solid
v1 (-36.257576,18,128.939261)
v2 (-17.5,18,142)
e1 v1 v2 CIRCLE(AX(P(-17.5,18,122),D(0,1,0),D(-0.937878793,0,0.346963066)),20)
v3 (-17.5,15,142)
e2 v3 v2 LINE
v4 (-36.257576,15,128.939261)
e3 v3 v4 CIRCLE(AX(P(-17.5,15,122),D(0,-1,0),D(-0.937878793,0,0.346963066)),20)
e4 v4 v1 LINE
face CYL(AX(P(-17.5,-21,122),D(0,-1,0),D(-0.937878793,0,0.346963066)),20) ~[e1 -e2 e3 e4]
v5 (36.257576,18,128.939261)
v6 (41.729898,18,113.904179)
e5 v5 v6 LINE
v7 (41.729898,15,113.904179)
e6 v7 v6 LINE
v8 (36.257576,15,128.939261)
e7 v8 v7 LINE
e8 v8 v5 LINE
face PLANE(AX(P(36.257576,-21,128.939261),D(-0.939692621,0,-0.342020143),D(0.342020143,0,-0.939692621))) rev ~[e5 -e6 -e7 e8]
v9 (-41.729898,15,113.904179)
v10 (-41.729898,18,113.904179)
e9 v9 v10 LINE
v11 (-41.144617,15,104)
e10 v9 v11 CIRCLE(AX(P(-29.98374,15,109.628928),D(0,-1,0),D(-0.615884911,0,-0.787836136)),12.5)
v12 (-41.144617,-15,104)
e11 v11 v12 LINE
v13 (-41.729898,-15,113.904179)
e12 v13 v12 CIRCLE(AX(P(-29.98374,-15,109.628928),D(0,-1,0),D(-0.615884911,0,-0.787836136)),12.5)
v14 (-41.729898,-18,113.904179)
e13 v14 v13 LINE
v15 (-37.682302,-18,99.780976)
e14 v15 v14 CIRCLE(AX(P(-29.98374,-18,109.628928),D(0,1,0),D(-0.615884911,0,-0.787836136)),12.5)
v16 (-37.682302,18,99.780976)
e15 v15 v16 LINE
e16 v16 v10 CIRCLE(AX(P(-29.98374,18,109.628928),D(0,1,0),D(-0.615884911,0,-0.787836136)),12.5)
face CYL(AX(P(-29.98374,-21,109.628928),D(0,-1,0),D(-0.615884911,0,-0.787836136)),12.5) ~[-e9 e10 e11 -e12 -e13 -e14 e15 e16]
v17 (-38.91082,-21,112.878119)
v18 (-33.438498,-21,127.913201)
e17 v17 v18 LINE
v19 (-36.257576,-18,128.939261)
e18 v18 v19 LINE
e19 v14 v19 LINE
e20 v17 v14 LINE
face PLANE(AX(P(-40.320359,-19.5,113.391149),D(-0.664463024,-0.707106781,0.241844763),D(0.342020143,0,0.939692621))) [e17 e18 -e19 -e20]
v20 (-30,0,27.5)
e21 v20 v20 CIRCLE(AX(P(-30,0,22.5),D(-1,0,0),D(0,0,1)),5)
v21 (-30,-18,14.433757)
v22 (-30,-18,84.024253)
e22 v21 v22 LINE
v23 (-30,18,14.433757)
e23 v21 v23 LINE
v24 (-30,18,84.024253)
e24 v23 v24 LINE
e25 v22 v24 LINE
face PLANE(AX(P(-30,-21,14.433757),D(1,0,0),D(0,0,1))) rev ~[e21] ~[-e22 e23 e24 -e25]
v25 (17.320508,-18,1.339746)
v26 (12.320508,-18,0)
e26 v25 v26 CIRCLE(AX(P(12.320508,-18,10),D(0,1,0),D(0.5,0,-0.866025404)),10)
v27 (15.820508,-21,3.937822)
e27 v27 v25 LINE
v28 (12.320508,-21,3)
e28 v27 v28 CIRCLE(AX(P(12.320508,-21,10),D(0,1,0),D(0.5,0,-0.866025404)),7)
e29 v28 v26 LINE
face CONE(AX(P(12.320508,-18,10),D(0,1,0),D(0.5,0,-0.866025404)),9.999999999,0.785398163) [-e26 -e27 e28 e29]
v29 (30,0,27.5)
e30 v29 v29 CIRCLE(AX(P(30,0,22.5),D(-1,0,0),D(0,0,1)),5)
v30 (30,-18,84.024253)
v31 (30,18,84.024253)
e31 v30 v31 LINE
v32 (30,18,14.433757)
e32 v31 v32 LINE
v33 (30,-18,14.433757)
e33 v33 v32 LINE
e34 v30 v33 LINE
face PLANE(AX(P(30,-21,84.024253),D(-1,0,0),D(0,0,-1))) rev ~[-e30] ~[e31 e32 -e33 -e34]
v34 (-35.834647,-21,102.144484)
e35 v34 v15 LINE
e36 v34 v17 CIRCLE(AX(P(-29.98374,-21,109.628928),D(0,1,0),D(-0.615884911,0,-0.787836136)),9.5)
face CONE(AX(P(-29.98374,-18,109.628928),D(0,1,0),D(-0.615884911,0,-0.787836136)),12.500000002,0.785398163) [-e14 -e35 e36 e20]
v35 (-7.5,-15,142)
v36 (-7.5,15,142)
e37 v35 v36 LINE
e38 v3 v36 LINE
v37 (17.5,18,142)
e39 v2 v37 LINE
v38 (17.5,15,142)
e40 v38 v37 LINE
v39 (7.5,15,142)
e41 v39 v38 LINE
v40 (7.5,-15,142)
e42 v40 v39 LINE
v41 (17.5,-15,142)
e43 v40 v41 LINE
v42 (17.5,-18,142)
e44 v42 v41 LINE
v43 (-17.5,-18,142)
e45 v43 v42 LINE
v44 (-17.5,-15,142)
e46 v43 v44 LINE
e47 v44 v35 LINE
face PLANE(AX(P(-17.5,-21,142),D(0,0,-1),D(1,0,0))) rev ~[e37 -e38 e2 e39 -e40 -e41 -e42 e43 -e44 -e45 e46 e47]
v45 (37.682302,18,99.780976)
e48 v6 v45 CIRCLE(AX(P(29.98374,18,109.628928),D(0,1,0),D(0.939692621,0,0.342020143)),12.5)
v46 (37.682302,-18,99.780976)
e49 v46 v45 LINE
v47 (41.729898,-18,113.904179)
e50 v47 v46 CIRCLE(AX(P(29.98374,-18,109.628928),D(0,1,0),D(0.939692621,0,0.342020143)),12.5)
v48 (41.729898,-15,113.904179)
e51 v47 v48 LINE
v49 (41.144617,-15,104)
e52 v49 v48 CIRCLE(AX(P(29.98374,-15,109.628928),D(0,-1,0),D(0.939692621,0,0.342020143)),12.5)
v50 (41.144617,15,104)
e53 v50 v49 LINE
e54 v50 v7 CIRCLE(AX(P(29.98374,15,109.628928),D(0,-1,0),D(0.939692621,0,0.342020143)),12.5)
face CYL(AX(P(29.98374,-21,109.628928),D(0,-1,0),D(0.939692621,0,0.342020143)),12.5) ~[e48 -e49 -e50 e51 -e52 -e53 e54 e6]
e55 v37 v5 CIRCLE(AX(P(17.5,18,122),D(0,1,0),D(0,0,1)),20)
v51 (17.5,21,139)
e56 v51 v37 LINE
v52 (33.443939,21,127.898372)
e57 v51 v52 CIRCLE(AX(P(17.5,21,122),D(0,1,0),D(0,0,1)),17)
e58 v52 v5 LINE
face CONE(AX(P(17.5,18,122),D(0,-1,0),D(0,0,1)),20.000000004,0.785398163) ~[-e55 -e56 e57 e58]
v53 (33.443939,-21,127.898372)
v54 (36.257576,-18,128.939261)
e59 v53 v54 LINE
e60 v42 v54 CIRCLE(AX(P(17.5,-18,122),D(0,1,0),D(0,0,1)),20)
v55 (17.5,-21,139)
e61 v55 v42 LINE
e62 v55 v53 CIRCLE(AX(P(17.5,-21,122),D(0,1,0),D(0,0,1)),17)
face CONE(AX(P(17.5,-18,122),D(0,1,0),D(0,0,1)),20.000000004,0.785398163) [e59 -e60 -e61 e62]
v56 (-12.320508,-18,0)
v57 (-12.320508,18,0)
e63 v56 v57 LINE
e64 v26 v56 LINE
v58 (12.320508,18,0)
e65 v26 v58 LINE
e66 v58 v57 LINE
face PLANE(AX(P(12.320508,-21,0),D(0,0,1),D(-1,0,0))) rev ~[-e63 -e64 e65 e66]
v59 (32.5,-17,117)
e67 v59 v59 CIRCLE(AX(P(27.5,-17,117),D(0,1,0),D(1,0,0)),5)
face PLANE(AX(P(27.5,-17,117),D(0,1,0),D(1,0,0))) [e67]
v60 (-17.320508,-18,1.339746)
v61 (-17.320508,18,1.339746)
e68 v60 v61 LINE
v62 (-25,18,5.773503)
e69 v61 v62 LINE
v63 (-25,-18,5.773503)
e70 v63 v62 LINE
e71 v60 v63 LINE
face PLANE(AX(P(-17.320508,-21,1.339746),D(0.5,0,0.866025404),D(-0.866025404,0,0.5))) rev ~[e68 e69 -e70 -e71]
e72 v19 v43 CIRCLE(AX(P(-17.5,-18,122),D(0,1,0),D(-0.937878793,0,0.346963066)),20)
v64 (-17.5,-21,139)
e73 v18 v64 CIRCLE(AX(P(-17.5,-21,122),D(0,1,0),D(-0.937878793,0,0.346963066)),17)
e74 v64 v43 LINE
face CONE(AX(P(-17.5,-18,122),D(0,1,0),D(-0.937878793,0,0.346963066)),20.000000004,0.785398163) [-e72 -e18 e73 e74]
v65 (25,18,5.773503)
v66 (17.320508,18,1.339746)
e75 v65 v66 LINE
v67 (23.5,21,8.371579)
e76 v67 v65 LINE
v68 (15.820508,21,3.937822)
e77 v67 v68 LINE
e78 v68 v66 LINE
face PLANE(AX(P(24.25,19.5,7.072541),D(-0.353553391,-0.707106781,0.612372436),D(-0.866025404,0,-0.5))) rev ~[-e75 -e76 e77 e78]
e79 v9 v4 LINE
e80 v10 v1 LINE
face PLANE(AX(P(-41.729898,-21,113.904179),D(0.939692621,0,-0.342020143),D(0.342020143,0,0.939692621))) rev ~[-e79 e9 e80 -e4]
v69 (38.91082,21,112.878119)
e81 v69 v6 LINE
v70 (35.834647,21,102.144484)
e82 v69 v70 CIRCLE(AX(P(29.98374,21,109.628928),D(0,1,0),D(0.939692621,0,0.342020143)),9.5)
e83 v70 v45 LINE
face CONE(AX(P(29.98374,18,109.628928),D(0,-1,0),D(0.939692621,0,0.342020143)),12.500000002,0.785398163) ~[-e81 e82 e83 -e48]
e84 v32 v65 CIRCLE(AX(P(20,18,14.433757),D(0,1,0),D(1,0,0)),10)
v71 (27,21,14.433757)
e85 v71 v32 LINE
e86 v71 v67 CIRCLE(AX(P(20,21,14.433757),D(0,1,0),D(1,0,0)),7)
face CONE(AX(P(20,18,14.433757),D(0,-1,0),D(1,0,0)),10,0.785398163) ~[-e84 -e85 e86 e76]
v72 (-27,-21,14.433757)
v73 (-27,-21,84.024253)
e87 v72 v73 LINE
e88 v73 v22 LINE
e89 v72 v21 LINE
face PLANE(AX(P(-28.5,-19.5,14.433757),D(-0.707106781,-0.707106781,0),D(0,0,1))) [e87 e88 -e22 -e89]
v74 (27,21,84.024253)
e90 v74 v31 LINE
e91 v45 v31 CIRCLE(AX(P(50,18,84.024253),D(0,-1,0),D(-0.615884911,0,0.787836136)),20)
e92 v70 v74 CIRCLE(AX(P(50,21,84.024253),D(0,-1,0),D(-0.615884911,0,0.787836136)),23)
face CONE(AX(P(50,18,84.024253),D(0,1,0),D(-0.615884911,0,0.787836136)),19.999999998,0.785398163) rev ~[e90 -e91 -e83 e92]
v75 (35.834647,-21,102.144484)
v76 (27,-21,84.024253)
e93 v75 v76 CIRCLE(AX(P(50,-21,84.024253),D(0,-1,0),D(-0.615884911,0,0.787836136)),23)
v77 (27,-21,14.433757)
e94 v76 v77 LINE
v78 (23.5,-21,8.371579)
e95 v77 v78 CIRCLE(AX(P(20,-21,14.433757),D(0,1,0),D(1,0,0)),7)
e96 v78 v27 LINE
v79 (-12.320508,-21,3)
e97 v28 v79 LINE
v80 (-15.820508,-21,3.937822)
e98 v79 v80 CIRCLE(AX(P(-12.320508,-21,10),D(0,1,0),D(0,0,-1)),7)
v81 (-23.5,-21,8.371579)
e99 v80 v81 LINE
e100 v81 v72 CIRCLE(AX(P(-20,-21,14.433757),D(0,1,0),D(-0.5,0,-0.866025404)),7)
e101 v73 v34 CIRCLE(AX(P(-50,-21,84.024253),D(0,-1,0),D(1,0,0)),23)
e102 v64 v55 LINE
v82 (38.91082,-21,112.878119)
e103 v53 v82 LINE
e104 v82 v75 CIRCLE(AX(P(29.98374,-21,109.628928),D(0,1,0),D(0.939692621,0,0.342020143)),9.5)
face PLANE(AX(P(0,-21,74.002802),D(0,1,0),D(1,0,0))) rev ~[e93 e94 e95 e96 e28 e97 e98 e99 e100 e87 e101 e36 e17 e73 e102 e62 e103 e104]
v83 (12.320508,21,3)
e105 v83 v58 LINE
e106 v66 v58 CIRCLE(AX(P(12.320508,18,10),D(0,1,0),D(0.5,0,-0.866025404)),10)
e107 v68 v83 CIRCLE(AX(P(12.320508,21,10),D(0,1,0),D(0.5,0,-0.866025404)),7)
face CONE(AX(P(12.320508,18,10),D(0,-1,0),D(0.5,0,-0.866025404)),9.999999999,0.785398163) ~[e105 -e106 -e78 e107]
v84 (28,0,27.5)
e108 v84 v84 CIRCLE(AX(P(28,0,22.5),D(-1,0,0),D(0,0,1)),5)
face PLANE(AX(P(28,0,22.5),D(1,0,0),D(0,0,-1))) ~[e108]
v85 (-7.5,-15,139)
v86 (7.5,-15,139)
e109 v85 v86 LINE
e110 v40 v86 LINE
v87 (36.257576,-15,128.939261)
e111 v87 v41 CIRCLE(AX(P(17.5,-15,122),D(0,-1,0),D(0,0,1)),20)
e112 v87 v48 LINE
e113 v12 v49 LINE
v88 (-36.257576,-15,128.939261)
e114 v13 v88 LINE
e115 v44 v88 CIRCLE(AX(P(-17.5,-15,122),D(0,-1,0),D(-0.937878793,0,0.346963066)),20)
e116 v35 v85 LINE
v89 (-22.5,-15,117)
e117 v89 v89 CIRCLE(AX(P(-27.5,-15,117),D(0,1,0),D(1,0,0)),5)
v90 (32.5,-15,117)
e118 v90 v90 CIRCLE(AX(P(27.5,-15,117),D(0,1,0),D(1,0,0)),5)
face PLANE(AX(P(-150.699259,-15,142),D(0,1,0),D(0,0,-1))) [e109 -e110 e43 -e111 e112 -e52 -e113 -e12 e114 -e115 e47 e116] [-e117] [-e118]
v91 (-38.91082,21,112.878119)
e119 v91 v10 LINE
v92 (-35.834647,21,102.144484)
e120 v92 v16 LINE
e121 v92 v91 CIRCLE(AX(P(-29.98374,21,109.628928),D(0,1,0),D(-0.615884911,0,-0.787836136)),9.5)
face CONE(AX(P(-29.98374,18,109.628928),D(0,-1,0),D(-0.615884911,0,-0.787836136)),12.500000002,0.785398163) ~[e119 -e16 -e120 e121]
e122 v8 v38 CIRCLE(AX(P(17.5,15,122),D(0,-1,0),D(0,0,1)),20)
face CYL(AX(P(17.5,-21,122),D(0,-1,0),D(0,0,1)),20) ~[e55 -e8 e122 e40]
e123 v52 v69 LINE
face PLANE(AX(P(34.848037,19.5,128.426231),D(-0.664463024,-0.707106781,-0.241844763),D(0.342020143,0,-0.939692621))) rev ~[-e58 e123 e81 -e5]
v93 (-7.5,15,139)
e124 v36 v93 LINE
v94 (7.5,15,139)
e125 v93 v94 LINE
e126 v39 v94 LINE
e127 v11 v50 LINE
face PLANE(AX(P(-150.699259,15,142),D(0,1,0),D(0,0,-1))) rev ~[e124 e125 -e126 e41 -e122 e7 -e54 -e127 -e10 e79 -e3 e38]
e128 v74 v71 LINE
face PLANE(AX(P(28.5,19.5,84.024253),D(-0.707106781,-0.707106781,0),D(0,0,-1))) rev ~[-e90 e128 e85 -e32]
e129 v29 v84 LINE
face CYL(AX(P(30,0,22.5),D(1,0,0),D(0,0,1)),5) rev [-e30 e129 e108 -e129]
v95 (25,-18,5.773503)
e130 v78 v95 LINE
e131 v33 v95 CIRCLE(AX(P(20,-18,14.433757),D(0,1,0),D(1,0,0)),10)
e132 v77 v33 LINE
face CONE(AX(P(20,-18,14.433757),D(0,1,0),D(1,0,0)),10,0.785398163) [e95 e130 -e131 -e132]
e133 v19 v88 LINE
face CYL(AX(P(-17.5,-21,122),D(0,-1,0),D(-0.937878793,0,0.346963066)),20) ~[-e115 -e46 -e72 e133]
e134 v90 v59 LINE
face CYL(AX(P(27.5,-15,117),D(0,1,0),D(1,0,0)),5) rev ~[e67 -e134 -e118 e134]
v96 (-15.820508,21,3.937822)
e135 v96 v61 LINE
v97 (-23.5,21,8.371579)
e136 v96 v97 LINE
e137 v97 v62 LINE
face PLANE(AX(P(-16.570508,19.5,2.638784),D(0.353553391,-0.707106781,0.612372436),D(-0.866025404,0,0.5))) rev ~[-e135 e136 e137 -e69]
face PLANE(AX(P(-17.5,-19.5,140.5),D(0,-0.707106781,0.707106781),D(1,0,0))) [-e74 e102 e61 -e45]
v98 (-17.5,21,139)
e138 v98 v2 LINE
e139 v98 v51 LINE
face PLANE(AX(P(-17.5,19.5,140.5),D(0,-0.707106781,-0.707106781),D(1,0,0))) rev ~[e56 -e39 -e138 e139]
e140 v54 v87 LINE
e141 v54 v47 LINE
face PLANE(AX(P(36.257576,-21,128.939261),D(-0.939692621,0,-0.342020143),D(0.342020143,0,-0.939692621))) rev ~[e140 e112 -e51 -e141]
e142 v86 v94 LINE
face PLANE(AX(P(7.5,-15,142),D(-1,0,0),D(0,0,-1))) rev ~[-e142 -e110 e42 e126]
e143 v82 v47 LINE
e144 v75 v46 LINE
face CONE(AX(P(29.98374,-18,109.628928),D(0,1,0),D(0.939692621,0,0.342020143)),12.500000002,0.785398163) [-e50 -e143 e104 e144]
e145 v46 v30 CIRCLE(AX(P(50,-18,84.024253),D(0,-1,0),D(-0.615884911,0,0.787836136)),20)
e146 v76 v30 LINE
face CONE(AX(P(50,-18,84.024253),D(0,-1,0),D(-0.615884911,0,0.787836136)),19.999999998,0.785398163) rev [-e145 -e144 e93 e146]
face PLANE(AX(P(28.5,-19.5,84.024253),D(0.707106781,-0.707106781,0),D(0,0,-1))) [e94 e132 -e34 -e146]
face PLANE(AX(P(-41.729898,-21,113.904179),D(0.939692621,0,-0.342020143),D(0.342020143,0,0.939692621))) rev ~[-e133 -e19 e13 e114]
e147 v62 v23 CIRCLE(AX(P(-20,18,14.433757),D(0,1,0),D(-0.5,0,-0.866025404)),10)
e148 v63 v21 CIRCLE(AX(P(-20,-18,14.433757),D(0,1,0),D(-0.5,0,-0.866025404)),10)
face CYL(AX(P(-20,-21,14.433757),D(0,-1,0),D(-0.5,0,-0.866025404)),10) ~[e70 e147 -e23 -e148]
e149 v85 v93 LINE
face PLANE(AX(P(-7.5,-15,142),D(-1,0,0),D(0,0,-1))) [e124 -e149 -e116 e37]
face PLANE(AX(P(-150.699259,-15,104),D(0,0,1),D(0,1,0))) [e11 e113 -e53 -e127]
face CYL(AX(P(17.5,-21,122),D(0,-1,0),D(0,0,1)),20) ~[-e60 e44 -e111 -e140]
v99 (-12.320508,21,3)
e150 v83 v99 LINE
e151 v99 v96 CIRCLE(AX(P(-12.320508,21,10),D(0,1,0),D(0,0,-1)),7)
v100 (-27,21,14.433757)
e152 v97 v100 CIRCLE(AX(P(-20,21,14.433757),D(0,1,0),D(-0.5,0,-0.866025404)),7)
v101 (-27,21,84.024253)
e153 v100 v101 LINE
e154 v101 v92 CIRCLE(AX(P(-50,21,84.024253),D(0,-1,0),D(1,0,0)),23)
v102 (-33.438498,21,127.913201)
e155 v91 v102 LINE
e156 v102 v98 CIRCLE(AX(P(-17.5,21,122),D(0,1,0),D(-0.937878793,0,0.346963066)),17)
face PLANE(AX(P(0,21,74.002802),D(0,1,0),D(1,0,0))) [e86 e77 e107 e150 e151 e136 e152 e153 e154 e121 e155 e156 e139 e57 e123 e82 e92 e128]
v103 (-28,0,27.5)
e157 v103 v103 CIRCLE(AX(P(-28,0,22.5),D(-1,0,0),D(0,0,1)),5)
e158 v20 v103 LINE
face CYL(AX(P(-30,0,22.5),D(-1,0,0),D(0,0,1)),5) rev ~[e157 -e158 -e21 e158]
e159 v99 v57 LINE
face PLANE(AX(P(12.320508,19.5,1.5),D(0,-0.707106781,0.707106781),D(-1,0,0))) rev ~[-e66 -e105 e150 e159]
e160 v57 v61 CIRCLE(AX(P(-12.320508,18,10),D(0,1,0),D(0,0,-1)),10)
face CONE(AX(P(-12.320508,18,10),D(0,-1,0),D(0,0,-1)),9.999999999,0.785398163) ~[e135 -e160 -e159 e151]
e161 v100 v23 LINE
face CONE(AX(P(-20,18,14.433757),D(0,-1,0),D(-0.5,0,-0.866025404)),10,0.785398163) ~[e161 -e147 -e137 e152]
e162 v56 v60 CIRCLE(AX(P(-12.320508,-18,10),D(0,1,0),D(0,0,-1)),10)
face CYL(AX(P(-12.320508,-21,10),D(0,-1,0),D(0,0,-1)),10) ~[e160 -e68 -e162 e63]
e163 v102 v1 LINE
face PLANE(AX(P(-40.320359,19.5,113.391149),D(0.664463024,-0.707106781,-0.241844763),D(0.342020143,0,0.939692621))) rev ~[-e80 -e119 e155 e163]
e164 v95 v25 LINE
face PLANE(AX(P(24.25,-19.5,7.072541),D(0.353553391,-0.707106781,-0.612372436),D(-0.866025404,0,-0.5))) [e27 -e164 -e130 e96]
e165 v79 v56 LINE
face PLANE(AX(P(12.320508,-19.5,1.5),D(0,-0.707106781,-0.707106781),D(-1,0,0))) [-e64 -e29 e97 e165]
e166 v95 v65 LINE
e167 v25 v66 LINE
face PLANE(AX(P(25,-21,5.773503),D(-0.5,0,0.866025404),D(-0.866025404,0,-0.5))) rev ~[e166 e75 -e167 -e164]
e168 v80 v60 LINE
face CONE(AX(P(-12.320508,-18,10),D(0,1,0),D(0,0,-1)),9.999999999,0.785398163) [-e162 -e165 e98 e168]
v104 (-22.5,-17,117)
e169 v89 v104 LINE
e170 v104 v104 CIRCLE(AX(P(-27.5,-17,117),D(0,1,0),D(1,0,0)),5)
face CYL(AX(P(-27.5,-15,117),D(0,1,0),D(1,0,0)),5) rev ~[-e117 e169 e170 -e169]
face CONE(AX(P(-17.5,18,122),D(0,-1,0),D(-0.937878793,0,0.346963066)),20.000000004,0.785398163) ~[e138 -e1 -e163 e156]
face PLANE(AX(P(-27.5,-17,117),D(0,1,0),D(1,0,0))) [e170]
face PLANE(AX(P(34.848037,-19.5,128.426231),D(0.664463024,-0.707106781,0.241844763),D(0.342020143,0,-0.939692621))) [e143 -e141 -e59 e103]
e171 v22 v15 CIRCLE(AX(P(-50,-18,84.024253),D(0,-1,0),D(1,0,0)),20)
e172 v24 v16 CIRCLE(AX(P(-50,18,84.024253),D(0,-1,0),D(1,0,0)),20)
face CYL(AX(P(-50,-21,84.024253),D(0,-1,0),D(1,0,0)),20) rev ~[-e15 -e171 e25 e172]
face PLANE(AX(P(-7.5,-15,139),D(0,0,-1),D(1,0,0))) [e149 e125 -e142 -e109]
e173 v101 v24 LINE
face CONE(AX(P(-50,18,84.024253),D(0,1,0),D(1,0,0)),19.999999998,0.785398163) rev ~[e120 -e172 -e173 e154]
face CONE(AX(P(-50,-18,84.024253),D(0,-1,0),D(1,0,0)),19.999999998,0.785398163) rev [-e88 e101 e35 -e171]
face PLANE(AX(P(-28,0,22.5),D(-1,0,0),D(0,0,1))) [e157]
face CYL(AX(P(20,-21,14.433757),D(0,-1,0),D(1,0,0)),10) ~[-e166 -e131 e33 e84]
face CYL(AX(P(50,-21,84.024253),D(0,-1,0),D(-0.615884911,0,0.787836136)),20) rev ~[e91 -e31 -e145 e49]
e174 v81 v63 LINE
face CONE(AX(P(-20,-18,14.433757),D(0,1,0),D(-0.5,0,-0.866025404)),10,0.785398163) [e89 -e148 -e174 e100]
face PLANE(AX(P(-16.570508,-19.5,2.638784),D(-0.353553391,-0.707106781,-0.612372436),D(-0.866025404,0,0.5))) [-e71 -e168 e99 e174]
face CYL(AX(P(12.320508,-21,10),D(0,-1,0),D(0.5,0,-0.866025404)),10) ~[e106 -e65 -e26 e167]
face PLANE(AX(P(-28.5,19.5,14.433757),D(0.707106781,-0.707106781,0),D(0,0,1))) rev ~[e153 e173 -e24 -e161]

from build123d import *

# Parameters (mm, degrees)
BOSS_EXTRUDE1_DEPTH      = 21
BOSS_EXTRUDE1_DEPTH_BACK = 21
CUT_EXTRUDE2_DEPTH       = 150.699259177
CUT_EXTRUDE2_DEPTH_BACK  = 150.699259177
SKETCH3_W                = 38
SKETCH3_H                = 30
CHAMFER1_SIZE            = 3
BOSS_EXTRUDE2_REACH      = 154.528
SKETCH4_W                = 15
SKETCH4_H                = 3
SKETCH5_R                = 5
CUT_EXTRUDE3_DEPTH       = 2
SKETCH6_R                = 5
CUT_EXTRUDE4_DEPTH       = 2


with BuildPart() as part:
    # Sketch1 → Boss-Extrude1 (new, two sides: drawn at the far end of the back side and taken through both)
    with BuildSketch(Plane(origin=(0, 0, 0), x_dir=(1, 0, 0), z_dir=(0, 1, 0)).offset(-BOSS_EXTRUDE1_DEPTH_BACK)):
        with BuildLine():
            Line((12.320508076, 0), (-12.320508076, 0))
            ThreePointArc((-12.320508076, 0), (-14.908698527, -0.340741737), (-17.320508076, -1.339745962))
            Line((-17.320508076, -1.339745962), (-25, -5.773502692))
            ThreePointArc((-25, -5.773502692), (-28.660254038, -9.43375673), (-30, -14.43375673))
            Line((-30, -14.43375673), (-30, -84.024253192))
            ThreePointArc((-30, -84.024253192), (-32.022876143, -92.789127283), (-37.682301783, -99.780975904))
            ThreePointArc((-37.682301783, -99.780975904), (-42, -106.185164374), (-41.729898157, -113.904179391))
            Line((-41.729898157, -113.904179391), (-36.257575864, -128.939261324))
            ThreePointArc((-36.257575864, -128.939261324), (-28.928358883, -138.413184128), (-17.5, -142))
            Line((-17.5, -142), (17.5, -142))
            ThreePointArc((17.5, -142), (28.928358883, -138.413184128), (36.257575864, -128.939261324))
            Line((36.257575864, -128.939261324), (41.729898157, -113.904179391))
            ThreePointArc((41.729898157, -113.904179391), (42, -106.185164374), (37.682301783, -99.780975904))
            ThreePointArc((37.682301783, -99.780975904), (32.022876143, -92.789127283), (30, -84.024253192))
            Line((30, -84.024253192), (30, -14.43375673))
            ThreePointArc((30, -14.43375673), (28.660254038, -9.43375673), (25, -5.773502692))
            Line((25, -5.773502692), (17.320508076, -1.339745962))
            ThreePointArc((17.320508076, -1.339745962), (14.908698527, -0.340741737), (12.320508076, 0))
        make_face()
    extrude(amount=BOSS_EXTRUDE1_DEPTH + BOSS_EXTRUDE1_DEPTH_BACK)

    # Sketch3 → Cut-Extrude2 (cut, two sides: drawn at the far end of the back side and taken through both)
    with BuildSketch(Plane(origin=(0, 0, 0), x_dir=(0, 0, -1), z_dir=(1, 0, 0)).offset(-CUT_EXTRUDE2_DEPTH_BACK)):
        with Locations((-123, 0)):
            Rectangle(SKETCH3_W, SKETCH3_H)
    extrude(amount=CUT_EXTRUDE2_DEPTH + CUT_EXTRUDE2_DEPTH_BACK, mode=Mode.SUBTRACT)

    # Chamfer1
    chamfer1_edges = [part.edges().sort_by_distance(p)[0] for p in [
        (-42, -21, 106.185164374),
        (-38.99373701, -21, 121.421720357),
        (-28.928358883, -21, 138.413184128),
        (0, -21, 142),
        (28.928358883, -21, 138.413184128),
        (38.99373701, -21, 121.421720357),
        (42, -21, 106.185164374),
        (32.022876143, -21, 92.789127283),
        (30, -21, 49.229004961),
        (28.660254038, -21, 9.43375673),
        (21.160254038, -21, 3.556624327),
        (14.908698527, -21, 0.340741737),
        (0, -21, 0),
        (-14.908698527, -21, 0.340741737),
        (-21.160254038, -21, 3.556624327),
        (-28.660254038, -21, 9.43375673),
        (-30, -21, 49.229004961),
        (-32.022876143, -21, 92.789127283),
        (-30, 21, 49.229004961),
        (-28.660254038, 21, 9.43375673),
        (-21.160254038, 21, 3.556624327),
        (-14.908698527, 21, 0.340741737),
        (0, 21, 0),
        (14.908698527, 21, 0.340741737),
        (21.160254038, 21, 3.556624327),
        (28.660254038, 21, 9.43375673),
        (30, 21, 49.229004961),
        (32.022876143, 21, 92.789127283),
        (42, 21, 106.185164374),
        (38.99373701, 21, 121.421720357),
        (28.928358883, 21, 138.413184128),
        (0, 21, 142),
        (-28.928358883, 21, 138.413184128),
        (-38.99373701, 21, 121.421720357),
        (-42, 21, 106.185164374),
        (-32.022876143, 21, 92.789127283),
    ]]
    chamfer(chamfer1_edges, length=CHAMFER1_SIZE)

    # Sketch4 → Boss-Extrude2 (add, up to next)
    with BuildSketch(Plane(origin=(0, -15, 0), x_dir=(1, 0, 0), z_dir=(0, 1, 0)), mode=Mode.PRIVATE) as boss_extrude2_sk1:
        with Locations((0, -140.5)):
            Rectangle(SKETCH4_W, SKETCH4_H)
    boss_extrude2_tool1 = extrude(boss_extrude2_sk1.sketch, amount=BOSS_EXTRUDE2_REACH, mode=Mode.PRIVATE) - part.part
    add(boss_extrude2_tool1.solids().sort_by_distance((0, -15, 140.5))[0])

    # Sketch5 → Cut-Extrude3 (cut)
    with BuildSketch(Plane(origin=(0, -15, 0), x_dir=(1, 0, 0), z_dir=(0, 1, 0))):
        with Locations((-27.5, -117)):
            Circle(SKETCH5_R)
        with Locations((27.5, -117)):
            Circle(SKETCH5_R)
    extrude(amount=-CUT_EXTRUDE3_DEPTH, mode=Mode.SUBTRACT)

    # Sketch6 → Cut-Extrude4 (cut)
    with BuildSketch(Plane.ZY.offset(30)):
        with Locations((22.5, 0)):
            Circle(SKETCH6_R)
    cut_extrude4 = extrude(amount=-CUT_EXTRUDE4_DEPTH, mode=Mode.SUBTRACT)

    # Mirror1: Cut-Extrude4 across plane
    add(cut_extrude4.mirror(Plane(origin=(0, 0, 0), x_dir=(0, 0, 1), z_dir=(1, 0, 0))), mode=Mode.SUBTRACT)


solid = part.part
